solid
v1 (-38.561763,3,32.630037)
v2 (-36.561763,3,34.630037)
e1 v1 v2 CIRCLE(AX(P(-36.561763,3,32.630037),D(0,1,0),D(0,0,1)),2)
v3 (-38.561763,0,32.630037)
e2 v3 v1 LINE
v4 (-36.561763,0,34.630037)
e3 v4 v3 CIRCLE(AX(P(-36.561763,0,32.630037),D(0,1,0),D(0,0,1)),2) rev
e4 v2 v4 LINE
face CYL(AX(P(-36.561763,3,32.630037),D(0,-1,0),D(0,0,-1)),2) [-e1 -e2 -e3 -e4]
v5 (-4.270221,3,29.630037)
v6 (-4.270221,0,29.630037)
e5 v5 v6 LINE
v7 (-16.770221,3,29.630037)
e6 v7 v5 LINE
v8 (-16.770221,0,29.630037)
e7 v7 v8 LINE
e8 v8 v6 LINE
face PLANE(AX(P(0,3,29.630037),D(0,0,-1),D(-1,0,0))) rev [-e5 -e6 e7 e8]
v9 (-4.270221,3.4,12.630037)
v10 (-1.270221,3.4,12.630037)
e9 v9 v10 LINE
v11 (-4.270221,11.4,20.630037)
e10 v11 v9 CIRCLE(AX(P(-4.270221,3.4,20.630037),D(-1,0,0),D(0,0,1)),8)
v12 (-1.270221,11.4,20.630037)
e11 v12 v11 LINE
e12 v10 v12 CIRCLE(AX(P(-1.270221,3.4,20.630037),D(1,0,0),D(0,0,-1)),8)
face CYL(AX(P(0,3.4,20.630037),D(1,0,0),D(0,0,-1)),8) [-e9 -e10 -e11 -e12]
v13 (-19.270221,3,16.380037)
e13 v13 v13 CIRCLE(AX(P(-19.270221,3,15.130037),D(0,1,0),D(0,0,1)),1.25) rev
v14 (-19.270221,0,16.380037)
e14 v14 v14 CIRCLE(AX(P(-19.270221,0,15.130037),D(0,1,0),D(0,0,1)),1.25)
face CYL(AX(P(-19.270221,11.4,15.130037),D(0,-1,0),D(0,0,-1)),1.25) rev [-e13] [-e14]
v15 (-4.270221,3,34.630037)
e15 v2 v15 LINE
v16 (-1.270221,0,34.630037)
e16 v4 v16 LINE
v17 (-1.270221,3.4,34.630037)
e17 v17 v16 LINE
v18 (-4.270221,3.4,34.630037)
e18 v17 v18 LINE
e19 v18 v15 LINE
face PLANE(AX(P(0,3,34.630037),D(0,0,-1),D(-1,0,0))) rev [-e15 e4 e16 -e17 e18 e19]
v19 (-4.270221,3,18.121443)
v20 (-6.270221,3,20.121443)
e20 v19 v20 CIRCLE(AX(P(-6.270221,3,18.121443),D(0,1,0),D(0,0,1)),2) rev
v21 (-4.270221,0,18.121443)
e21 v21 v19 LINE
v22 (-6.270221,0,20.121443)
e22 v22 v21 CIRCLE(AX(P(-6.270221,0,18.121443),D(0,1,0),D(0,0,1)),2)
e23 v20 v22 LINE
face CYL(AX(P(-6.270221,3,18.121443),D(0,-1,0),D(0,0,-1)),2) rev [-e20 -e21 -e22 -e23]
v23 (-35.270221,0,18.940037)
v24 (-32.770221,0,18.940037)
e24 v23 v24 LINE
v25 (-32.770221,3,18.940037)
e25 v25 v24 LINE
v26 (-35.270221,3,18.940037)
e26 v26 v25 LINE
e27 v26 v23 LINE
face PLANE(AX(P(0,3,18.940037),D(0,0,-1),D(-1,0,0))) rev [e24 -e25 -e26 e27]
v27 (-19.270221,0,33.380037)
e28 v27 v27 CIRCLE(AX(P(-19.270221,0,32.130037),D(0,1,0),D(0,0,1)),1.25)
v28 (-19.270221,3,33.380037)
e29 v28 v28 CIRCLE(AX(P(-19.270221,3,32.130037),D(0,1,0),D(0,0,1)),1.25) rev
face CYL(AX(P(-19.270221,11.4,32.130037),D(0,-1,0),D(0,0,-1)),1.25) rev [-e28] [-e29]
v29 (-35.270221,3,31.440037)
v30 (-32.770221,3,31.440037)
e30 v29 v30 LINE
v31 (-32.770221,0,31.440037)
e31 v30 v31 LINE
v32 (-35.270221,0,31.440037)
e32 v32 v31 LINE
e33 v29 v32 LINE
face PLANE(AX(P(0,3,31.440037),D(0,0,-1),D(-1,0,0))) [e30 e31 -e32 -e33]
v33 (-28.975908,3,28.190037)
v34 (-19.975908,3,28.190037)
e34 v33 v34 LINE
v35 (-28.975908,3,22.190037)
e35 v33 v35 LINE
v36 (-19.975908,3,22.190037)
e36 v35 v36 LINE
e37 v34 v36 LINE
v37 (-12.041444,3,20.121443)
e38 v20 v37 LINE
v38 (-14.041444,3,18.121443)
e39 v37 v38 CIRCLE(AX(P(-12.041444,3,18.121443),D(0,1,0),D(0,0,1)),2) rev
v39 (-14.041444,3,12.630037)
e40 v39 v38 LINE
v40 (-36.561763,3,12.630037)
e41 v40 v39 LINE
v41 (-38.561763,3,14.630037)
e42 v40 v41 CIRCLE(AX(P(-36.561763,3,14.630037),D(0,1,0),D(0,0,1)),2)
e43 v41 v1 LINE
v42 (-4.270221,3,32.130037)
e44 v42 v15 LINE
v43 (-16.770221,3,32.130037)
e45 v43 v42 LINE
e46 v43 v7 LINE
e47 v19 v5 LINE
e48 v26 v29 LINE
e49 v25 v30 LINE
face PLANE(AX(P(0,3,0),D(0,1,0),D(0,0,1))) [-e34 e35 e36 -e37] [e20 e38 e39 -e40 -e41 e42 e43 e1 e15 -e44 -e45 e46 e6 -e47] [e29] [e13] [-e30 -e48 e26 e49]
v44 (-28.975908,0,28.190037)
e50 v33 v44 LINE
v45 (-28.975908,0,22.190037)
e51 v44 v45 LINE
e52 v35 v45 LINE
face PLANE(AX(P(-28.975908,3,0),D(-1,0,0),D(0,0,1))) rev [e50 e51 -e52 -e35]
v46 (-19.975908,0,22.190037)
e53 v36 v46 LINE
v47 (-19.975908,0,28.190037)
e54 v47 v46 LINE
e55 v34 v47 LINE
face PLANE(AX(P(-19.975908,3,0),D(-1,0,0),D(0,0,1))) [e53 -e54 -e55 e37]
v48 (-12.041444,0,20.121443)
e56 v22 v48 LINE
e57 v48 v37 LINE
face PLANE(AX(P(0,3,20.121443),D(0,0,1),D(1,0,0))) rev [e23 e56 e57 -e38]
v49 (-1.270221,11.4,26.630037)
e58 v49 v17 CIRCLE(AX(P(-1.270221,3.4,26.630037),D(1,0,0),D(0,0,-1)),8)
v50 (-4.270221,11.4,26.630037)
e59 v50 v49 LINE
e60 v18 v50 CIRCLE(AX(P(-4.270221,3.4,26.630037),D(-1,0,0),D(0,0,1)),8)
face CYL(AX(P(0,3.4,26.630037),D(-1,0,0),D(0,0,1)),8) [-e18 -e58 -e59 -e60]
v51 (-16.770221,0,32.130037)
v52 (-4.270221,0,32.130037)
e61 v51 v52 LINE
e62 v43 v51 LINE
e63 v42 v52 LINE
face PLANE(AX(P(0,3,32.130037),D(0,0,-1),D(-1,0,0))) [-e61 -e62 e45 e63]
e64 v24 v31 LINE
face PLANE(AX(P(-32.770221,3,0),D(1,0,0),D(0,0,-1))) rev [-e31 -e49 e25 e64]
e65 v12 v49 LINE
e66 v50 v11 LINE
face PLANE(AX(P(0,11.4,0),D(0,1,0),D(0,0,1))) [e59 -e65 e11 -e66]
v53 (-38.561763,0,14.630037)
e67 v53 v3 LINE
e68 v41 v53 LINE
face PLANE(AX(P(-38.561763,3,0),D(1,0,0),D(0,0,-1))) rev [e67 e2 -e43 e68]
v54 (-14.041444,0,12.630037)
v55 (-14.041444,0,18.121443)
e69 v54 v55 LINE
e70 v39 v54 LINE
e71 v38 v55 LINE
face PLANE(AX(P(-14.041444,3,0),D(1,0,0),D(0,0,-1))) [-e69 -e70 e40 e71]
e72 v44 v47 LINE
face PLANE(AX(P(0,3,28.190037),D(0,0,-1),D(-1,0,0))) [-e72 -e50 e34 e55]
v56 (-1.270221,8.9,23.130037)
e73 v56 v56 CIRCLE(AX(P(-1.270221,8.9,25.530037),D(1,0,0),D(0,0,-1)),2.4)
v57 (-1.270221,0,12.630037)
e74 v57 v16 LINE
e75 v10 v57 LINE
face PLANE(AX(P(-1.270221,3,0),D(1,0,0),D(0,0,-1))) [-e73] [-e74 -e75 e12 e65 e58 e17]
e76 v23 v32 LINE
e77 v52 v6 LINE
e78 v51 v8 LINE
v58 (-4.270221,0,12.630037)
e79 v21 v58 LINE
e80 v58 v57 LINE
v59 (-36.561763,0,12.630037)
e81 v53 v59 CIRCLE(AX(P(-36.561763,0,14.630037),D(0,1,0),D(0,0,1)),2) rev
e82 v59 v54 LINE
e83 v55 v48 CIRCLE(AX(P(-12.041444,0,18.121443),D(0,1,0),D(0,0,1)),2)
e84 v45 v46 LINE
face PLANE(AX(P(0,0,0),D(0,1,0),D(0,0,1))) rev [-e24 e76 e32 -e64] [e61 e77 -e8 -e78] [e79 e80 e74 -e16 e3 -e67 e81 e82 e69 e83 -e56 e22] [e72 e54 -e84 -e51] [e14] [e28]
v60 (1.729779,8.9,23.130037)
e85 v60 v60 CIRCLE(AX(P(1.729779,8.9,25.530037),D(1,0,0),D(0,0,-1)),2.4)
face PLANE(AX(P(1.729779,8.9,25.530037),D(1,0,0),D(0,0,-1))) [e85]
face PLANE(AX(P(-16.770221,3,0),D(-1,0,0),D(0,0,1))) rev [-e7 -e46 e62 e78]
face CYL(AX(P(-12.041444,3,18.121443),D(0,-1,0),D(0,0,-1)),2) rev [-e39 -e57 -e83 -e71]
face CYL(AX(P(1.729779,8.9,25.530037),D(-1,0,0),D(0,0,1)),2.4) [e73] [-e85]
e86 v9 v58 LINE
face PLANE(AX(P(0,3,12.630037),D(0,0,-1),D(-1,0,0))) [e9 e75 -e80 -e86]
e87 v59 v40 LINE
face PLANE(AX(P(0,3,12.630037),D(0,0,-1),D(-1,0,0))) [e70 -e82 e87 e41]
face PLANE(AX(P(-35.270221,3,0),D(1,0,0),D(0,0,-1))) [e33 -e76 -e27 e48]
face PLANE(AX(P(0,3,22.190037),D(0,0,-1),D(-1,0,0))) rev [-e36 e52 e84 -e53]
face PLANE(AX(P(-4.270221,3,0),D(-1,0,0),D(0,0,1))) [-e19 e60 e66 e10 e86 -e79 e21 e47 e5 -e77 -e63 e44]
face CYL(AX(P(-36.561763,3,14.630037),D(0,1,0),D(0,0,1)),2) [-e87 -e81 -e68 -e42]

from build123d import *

# Parameters (mm, degrees)
SKETCH1_W           = 12.5
SKETCH1_H           = 2.5
SKETCH1_W_2         = 2.5
SKETCH1_H_2         = 12.5
SKETCH1_W_3         = 9
SKETCH1_H_3         = 6
BOSS_EXTRUDE1_DEPTH = 3
FILLET1_R           = 2
SKETCH1_4_W         = 3
SKETCH1_4_H         = 22
BOSS_EXTRUDE2_DEPTH = 11.4
SKETCH2_R           = 2.4
BOSS_EXTRUDE3_DEPTH = 3
FILLET2_R           = 8
SKETCH1_7_R         = 1.25
CUT_EXTRUDE2_DEPTH  = 54.067966791


with BuildPart() as part:
    # Sketch1 → Boss-Extrude1 (new body)
    with BuildSketch(Plane(origin=(0, 0, 0), x_dir=(1, 0, 0), z_dir=(0, 1, 0))):
        Polygon((-38.561763486, -34.630037485), (-1.270220731, -34.630037485), (-1.270220731, -12.630037485), (-4.270220731, -12.630037485), (-4.270220731, -20.12144272), (-14.041444449, -20.12144272), (-14.041444449, -12.630037485), (-38.561763486, -12.630037485), align=None)
        with Locations((-10.520220731, -30.880037485)):
            Rectangle(SKETCH1_W, SKETCH1_H, mode=Mode.SUBTRACT)
        with Locations((-34.020220731, -25.190037485)):
            Rectangle(SKETCH1_W_2, SKETCH1_H_2, mode=Mode.SUBTRACT)
        with Locations((-24.475907507, -25.190037485)):
            Rectangle(SKETCH1_W_3, SKETCH1_H_3, mode=Mode.SUBTRACT)
    extrude(amount=BOSS_EXTRUDE1_DEPTH)

    # Fillet1
    fillet1_edges = [part.edges().sort_by_distance(p)[0] for p in [
        (-38.561763486, 1.5, 12.630037485),
        (-38.561763486, 1.5, 34.630037485),
        (-1.270220731, 1.5, 34.630037485),
        (-14.041444449, 1.5, 20.12144272),
        (-4.270220731, 1.5, 20.12144272),
    ]]
    fillet(fillet1_edges, radius=FILLET1_R)

    # Sketch1<4> → Boss-Extrude2 (add)
    with BuildSketch(Plane(origin=(0, 0, 0), x_dir=(1, 0, 0), z_dir=(0, 1, 0))):
        with Locations((-2.770220731, -23.630037485)):
            Rectangle(SKETCH1_4_W, SKETCH1_4_H)
    extrude(amount=BOSS_EXTRUDE2_DEPTH)

    # Sketch2 → Boss-Extrude3 (add)
    with BuildSketch(Plane(origin=(-1.270220731, 0, 0), x_dir=(0, 0, -1), z_dir=(1, 0, 0))):
        with Locations((-25.530037485, 8.9)):
            Circle(SKETCH2_R)
    extrude(amount=BOSS_EXTRUDE3_DEPTH)

    # Fillet2
    fillet2_edges = [part.edges().sort_by_distance(p)[0] for p in [
        (-2.770220731, 11.4, 12.630037485),
        (-2.770220731, 11.4, 34.630037485),
    ]]
    fillet(fillet2_edges, radius=FILLET2_R)

    # Sketch1<7> → Cut-Extrude2 (cut, through all)
    with BuildSketch(Plane(origin=(0, 0, 0), x_dir=(1, 0, 0), z_dir=(0, 1, 0))):
        with Locations((-19.270220731, -32.130037485)):
            Circle(SKETCH1_7_R)
        with Locations((-19.270220731, -15.130037485)):
            Circle(SKETCH1_7_R)
    extrude(amount=CUT_EXTRUDE2_DEPTH, mode=Mode.SUBTRACT)


solid = part.part
